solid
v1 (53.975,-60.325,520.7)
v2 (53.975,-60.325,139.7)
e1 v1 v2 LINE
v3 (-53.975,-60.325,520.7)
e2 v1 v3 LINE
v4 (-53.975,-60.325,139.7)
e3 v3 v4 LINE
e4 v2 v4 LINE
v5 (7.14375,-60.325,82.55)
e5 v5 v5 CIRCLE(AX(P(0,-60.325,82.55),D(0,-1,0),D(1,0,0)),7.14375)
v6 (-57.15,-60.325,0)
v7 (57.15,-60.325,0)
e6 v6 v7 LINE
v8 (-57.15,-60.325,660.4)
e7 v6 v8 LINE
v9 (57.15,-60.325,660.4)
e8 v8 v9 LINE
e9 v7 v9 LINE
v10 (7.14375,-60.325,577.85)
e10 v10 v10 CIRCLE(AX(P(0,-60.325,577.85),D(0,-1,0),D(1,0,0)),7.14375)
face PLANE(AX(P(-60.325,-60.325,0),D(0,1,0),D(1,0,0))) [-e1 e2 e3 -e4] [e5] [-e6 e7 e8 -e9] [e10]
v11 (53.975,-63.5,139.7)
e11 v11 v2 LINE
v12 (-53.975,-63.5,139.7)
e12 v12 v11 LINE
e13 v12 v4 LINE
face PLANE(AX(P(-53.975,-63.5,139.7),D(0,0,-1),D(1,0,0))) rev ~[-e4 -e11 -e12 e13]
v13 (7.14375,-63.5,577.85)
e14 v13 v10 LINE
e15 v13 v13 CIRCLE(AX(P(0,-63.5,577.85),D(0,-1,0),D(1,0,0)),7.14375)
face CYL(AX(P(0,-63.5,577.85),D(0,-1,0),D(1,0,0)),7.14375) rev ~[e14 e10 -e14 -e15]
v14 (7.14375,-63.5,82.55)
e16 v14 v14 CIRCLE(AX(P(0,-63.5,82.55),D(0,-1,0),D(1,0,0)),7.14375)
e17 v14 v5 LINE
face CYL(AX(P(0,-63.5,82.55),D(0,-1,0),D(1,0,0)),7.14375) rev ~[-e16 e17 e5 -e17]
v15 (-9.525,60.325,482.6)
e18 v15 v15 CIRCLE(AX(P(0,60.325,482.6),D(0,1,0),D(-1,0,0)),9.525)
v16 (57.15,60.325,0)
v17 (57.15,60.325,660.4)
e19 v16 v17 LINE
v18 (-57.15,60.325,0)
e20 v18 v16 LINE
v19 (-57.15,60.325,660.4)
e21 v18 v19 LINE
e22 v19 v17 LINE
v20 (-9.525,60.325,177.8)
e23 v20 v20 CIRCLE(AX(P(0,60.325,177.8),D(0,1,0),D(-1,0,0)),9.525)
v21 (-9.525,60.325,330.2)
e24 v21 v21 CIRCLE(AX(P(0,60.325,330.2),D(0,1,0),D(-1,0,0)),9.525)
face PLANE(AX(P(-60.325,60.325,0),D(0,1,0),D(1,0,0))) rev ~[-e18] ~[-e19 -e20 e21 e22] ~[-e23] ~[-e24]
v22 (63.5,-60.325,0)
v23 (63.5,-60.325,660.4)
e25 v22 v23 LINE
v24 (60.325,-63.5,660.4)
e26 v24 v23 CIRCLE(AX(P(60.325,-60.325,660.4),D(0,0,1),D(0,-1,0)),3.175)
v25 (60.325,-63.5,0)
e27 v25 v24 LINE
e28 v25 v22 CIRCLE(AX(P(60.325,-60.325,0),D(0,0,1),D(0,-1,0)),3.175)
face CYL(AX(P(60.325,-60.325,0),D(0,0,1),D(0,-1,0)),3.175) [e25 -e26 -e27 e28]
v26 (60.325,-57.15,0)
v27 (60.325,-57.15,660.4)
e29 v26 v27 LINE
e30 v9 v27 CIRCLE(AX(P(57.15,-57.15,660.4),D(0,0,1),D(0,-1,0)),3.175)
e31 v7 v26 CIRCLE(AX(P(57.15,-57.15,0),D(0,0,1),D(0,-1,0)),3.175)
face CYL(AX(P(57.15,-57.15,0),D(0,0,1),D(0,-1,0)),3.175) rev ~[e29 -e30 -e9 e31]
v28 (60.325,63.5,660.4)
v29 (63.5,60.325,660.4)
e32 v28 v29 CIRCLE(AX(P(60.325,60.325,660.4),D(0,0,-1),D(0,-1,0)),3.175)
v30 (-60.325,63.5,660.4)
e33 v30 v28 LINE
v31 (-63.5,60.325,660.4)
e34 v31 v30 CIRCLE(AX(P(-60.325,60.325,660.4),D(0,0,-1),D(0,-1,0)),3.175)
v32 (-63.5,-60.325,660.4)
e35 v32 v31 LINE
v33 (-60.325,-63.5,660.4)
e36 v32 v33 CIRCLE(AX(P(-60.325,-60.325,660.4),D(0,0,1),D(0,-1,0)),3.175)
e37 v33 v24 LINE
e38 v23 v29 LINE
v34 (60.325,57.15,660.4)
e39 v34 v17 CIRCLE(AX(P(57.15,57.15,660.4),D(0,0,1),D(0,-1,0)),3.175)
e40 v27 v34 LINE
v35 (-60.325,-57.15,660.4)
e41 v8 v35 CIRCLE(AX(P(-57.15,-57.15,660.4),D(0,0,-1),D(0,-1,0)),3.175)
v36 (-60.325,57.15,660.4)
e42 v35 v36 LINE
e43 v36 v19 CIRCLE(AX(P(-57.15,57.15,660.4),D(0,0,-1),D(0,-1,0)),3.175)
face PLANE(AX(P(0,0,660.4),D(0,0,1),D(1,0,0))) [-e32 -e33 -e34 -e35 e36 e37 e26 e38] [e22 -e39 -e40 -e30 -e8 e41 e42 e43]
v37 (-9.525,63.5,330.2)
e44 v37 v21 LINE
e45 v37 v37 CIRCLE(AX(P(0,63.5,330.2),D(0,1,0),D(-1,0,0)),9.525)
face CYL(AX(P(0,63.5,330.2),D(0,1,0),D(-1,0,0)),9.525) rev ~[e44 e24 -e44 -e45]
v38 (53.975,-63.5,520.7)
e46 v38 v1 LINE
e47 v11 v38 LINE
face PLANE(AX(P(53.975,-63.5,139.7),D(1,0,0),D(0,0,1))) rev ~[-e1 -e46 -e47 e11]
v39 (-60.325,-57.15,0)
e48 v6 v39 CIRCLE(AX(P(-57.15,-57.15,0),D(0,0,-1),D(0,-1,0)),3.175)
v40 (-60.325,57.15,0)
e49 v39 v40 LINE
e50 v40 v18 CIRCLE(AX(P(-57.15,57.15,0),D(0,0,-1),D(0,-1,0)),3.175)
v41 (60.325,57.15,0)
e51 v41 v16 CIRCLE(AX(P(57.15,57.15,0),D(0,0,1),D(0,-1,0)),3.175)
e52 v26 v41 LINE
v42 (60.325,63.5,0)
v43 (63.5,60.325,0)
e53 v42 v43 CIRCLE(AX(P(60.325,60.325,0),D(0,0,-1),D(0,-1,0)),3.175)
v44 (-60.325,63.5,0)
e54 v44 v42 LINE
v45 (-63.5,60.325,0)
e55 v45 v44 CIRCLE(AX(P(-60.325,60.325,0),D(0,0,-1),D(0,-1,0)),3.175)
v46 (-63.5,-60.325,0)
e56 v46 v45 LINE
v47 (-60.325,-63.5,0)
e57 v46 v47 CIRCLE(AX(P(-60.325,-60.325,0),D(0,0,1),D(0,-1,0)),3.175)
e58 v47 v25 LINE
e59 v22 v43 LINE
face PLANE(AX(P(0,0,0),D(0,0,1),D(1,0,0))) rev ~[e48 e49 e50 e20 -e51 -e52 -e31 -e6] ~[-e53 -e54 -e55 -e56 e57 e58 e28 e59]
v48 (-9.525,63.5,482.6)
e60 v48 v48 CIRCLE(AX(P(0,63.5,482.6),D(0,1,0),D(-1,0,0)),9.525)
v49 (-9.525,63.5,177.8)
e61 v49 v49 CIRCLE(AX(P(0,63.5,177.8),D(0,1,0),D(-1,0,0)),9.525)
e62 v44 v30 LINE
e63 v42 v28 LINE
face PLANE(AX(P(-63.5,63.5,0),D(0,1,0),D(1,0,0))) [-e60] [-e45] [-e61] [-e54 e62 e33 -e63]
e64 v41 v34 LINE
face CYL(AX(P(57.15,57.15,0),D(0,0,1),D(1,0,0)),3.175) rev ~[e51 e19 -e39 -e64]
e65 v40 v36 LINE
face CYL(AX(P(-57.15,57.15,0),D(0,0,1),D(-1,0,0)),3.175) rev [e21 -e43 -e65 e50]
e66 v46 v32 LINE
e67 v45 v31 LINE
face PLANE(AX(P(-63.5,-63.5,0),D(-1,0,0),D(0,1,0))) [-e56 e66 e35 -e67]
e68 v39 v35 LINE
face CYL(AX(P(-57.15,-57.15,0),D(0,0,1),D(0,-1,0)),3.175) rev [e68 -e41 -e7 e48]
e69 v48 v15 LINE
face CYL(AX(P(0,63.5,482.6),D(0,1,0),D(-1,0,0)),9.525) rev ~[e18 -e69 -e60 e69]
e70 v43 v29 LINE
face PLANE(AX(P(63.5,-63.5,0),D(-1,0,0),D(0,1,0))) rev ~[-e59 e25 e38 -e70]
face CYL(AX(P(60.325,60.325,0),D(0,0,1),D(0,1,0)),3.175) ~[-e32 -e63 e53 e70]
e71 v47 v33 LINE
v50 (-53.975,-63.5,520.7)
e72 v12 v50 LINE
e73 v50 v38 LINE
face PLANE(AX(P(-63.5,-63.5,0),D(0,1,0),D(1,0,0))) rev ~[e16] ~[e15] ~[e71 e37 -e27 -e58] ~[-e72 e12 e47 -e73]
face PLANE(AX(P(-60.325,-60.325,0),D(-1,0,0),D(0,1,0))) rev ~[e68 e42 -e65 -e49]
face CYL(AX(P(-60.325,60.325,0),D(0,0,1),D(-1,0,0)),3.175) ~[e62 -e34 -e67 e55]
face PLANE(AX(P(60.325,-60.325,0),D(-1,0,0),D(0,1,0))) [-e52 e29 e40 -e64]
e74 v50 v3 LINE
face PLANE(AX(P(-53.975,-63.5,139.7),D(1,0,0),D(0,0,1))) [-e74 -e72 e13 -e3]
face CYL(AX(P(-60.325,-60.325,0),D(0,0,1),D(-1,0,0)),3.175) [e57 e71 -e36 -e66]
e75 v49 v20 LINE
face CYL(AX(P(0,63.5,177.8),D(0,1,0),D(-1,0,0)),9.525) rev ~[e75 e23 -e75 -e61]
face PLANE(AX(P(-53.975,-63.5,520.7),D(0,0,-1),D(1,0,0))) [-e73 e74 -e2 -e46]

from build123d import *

# Parameters (mm, degrees)
F0_W     = 127
F0_H     = 127
F0_W_2   = 120.65
F0_H_2   = 120.65
F1_DEPTH = 660.4
F2_R     = 3.175
F3_R     = 3.175
F4_W     = 107.95
F4_H     = 381
F5_DEPTH = 25.4
F6_R     = 7.14375
F7_DEPTH = 25.4
F8_R     = 9.525
F9_DEPTH = 25.4


with BuildPart() as f1:
    # F0 (on Top) → F1 (new body)
    with BuildSketch(Plane.XY):
        Rectangle(F0_W, F0_H)
        Rectangle(F0_W_2, F0_H_2, mode=Mode.SUBTRACT)
    extrude(amount=F1_DEPTH)

    # F2
    f2_edges = [f1.edges().sort_by_distance(p)[0] for p in [
        (60.325, 60.325, 330.2),
        (63.5, -63.5, 330.2),
        (-63.5, -63.5, 330.2),
        (-63.5, 63.5, 330.2),
        (60.325, -60.325, 330.2),
        (63.5, 63.5, 330.2),
        (-60.325, -60.325, 330.2),
    ]]
    fillet(f2_edges, radius=F2_R)

    # F3
    f3_edges = [f1.edges().sort_by_distance(p)[0] for p in [
        (-60.325, 60.325, 330.2),
    ]]
    fillet(f3_edges, radius=F3_R)

    # F4 (on face) → F5 (cut)
    with BuildSketch(Plane.XZ.offset(63.5)):
        with Locations((0, 330.2)):
            Rectangle(F4_W, F4_H)
    extrude(amount=-F5_DEPTH, mode=Mode.SUBTRACT)

    # F6 (on face) → F7 (cut)
    with BuildSketch(Plane.XZ.offset(63.5)):
        with Locations((0, 82.55)):
            Circle(F6_R)
        with Locations((0, 577.85)):
            Circle(F6_R)
    extrude(amount=-F7_DEPTH, mode=Mode.SUBTRACT)

    # F8 (on face) → F9 (cut)
    with BuildSketch(Plane(origin=(0, 63.5, 0), x_dir=(-1, 0, 0), z_dir=(0, 1, 0))):
        with Locations((0, 177.8)):
            Circle(F8_R)
        with Locations((0, 330.2)):
            Circle(F8_R)
        with Locations((0, 482.6)):
            Circle(F8_R)
    extrude(amount=-F9_DEPTH, mode=Mode.SUBTRACT)


solid = f1.part
